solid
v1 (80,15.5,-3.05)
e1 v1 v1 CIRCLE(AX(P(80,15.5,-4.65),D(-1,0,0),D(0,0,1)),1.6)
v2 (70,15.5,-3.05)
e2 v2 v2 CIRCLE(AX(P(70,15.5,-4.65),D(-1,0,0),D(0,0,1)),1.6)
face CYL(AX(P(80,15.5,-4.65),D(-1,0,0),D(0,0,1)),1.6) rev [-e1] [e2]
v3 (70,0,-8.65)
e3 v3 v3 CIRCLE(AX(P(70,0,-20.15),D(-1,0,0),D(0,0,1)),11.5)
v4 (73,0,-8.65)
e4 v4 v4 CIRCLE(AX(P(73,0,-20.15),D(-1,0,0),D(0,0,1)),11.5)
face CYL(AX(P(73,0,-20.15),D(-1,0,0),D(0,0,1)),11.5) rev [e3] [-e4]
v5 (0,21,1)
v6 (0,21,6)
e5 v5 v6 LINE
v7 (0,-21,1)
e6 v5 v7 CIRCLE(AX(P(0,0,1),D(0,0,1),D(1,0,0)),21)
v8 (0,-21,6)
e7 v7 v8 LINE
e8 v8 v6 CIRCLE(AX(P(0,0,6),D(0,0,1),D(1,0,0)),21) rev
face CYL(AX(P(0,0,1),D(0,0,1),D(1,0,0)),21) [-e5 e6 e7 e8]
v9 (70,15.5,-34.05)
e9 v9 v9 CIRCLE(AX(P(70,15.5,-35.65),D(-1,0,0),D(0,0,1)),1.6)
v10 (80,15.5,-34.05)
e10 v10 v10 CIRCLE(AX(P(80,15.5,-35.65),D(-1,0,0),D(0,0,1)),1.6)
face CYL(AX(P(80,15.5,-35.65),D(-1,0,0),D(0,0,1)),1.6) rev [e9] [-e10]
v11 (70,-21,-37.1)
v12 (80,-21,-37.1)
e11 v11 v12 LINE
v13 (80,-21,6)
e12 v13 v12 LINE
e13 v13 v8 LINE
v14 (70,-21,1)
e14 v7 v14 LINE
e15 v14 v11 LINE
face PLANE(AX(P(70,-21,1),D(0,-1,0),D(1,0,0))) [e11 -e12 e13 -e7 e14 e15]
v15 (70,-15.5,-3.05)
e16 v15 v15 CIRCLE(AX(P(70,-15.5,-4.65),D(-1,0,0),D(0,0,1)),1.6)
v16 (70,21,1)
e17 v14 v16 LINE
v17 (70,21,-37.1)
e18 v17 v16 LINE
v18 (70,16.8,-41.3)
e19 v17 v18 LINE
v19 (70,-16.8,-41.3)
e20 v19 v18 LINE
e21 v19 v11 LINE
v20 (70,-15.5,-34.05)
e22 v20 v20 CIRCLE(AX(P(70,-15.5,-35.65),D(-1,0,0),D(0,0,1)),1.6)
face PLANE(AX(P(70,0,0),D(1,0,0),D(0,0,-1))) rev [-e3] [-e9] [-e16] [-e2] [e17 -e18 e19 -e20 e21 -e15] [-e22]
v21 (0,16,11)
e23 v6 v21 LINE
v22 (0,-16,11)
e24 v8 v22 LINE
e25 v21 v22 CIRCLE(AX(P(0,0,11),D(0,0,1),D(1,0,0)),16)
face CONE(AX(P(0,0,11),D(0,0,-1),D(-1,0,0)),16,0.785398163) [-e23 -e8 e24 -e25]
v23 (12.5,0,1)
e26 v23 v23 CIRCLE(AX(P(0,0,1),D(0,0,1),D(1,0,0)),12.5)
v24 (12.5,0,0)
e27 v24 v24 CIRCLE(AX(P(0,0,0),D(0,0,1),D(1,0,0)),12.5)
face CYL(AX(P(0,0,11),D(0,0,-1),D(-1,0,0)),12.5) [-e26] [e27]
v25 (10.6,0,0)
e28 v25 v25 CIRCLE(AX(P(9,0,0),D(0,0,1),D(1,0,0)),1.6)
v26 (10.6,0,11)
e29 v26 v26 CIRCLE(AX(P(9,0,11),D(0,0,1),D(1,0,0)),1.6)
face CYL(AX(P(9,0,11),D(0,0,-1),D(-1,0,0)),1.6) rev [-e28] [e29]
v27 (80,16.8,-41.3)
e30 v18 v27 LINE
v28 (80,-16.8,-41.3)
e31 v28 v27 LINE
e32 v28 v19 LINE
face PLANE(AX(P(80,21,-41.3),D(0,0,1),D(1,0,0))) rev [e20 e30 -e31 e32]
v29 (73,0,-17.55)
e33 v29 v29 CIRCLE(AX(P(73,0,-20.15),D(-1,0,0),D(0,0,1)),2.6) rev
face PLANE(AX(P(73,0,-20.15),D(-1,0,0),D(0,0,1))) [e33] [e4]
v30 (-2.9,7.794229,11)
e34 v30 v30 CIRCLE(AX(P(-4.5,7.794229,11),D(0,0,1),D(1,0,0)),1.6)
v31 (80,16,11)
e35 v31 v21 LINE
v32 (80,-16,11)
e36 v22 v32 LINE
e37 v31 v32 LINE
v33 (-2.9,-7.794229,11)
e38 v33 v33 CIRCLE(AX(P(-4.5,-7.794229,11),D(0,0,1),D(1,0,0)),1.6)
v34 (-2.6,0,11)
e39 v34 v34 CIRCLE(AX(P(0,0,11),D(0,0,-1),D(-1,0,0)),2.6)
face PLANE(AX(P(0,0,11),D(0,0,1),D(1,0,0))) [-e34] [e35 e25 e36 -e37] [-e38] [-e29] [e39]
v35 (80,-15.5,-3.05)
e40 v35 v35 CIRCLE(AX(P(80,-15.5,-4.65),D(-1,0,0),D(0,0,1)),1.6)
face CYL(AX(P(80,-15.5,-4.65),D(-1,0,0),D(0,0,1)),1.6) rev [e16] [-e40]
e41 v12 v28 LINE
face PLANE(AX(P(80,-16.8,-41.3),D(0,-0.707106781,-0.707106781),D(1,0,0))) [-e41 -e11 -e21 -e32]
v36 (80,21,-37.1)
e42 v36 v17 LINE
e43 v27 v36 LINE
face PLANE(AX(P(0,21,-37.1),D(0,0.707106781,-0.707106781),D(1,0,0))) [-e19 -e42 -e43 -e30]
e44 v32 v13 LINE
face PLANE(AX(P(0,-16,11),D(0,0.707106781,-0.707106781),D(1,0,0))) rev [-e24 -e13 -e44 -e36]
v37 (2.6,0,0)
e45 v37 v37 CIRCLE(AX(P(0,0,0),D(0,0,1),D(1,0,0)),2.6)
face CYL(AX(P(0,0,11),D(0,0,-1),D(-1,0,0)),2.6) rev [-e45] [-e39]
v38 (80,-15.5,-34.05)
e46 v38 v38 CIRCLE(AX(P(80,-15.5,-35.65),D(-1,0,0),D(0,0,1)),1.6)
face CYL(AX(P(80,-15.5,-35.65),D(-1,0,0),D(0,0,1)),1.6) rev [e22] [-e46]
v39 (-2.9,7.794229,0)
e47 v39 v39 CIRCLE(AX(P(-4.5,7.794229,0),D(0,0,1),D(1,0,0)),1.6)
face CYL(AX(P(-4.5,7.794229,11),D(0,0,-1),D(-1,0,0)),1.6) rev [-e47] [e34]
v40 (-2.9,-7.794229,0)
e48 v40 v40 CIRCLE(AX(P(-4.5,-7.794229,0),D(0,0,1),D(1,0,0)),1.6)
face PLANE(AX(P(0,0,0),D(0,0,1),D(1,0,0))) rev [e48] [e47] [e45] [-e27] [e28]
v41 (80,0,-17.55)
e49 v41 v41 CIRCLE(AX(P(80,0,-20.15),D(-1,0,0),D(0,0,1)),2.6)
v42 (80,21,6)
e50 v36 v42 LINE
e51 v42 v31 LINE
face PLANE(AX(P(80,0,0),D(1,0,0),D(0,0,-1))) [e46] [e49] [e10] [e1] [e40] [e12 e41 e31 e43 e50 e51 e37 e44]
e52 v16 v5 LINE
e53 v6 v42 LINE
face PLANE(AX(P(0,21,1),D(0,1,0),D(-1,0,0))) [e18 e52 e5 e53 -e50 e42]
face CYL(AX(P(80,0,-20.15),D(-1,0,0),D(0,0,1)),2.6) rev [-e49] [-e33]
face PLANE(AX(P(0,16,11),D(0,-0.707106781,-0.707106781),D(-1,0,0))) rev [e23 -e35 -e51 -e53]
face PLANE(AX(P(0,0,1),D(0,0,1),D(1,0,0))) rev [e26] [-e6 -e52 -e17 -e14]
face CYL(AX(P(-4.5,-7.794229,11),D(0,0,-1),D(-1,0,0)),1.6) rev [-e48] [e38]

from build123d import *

# Parameters (mm, degrees)
SKETCH_1_R          = 12.5
SKETCH_1_R_2        = 1.6
EXTRUDE_1_DEPTH     = 11
SKETCH_2_R          = 12.5
EXTRUDE_2_DEPTH     = 10
SKETCH_3_W          = 52.3
SKETCH_3_H          = 42
EXTRUDE_3_DEPTH     = 10
SKETCH_6_R          = 2.6
CUT_EXTRUDE_1_DEPTH = 53.3
SKETCH_8_R          = 1.6
SKETCH_8_R_2        = 2.6
CUT_EXTRUDE_3_DEPTH = 11
SKETCH_9_R          = 11.5
CUT_EXTRUDE_4_DEPTH = 3
CHAMFER_1_SIZE      = 5
CHAMFER_2_SIZE      = 4.2


with BuildPart() as part:
    # 草图1 → 凸台-拉伸1 (new body)
    with BuildSketch(Plane.XY):
        Circle(SKETCH_1_R)
        with Locations((9, 0)):
            Circle(SKETCH_1_R_2, mode=Mode.SUBTRACT)
        with Locations((-4.5, -7.794228634)):
            Circle(SKETCH_1_R_2, mode=Mode.SUBTRACT)
        with Locations((-4.5, 7.794228634)):
            Circle(SKETCH_1_R_2, mode=Mode.SUBTRACT)
    extrude(amount=EXTRUDE_1_DEPTH)

    # 草图2 → 凸台-拉伸2 (add)
    with BuildSketch(Plane.XY.offset(11)):
        with BuildLine():
            Line((0, 21), (70, 21))
            Line((70, 21), (70, -21))
            Line((70, -21), (0, -21))
            ThreePointArc((0, -21), (-21, 0), (0, 21))
        make_face()
        Circle(SKETCH_2_R, mode=Mode.SUBTRACT)
    extrude(amount=-EXTRUDE_2_DEPTH)

    # 草图3 → 凸台-拉伸3 (add)
    with BuildSketch(Plane(origin=(70, 0, 0), x_dir=(0, 0, -1), z_dir=(1, 0, 0))):
        with Locations((15.15, 0)):
            Rectangle(SKETCH_3_W, SKETCH_3_H)
    extrude(amount=EXTRUDE_3_DEPTH)

    # 草图6 → 切除-拉伸1 (cut, through all)
    with BuildSketch(Plane(origin=(0, 0, -41.3), x_dir=(-1, 0, 0), z_dir=(0, 0, -1))):
        Circle(SKETCH_6_R)
    extrude(amount=-CUT_EXTRUDE_1_DEPTH, mode=Mode.SUBTRACT)

    # 草图8 → 切除-拉伸3 (cut, through all)
    with BuildSketch(Plane.ZY.offset(-70)):
        with Locations((-35.65, 15.5)):
            Circle(SKETCH_8_R)
        with Locations((-4.65, 15.5)):
            Circle(SKETCH_8_R)
        with Locations((-4.65, -15.5)):
            Circle(SKETCH_8_R)
        with Locations((-35.65, -15.5)):
            Circle(SKETCH_8_R)
        with Locations((-20.15, 0)):
            Circle(SKETCH_8_R_2)
    extrude(amount=-CUT_EXTRUDE_3_DEPTH, mode=Mode.SUBTRACT)

    # 草图9 → 切除-拉伸4 (cut)
    with BuildSketch(Plane.ZY.offset(-70)):
        with Locations((-20.15, 0)):
            Circle(SKETCH_9_R)
    extrude(amount=-CUT_EXTRUDE_4_DEPTH, mode=Mode.SUBTRACT)

    # 倒角1
    chamfer_1_edges = [part.edges().sort_by_distance(p)[0] for p in [
        (-21, 0, 11),
        (40, -21, 11),
        (40, 21, 11),
    ]]
    chamfer(chamfer_1_edges, length=CHAMFER_1_SIZE)

    # 倒角2
    chamfer_2_edges = [part.edges().sort_by_distance(p)[0] for p in [
        (75, -21, -41.3),
        (75, 21, -41.3),
    ]]
    chamfer(chamfer_2_edges, length=CHAMFER_2_SIZE)


solid = part.part
